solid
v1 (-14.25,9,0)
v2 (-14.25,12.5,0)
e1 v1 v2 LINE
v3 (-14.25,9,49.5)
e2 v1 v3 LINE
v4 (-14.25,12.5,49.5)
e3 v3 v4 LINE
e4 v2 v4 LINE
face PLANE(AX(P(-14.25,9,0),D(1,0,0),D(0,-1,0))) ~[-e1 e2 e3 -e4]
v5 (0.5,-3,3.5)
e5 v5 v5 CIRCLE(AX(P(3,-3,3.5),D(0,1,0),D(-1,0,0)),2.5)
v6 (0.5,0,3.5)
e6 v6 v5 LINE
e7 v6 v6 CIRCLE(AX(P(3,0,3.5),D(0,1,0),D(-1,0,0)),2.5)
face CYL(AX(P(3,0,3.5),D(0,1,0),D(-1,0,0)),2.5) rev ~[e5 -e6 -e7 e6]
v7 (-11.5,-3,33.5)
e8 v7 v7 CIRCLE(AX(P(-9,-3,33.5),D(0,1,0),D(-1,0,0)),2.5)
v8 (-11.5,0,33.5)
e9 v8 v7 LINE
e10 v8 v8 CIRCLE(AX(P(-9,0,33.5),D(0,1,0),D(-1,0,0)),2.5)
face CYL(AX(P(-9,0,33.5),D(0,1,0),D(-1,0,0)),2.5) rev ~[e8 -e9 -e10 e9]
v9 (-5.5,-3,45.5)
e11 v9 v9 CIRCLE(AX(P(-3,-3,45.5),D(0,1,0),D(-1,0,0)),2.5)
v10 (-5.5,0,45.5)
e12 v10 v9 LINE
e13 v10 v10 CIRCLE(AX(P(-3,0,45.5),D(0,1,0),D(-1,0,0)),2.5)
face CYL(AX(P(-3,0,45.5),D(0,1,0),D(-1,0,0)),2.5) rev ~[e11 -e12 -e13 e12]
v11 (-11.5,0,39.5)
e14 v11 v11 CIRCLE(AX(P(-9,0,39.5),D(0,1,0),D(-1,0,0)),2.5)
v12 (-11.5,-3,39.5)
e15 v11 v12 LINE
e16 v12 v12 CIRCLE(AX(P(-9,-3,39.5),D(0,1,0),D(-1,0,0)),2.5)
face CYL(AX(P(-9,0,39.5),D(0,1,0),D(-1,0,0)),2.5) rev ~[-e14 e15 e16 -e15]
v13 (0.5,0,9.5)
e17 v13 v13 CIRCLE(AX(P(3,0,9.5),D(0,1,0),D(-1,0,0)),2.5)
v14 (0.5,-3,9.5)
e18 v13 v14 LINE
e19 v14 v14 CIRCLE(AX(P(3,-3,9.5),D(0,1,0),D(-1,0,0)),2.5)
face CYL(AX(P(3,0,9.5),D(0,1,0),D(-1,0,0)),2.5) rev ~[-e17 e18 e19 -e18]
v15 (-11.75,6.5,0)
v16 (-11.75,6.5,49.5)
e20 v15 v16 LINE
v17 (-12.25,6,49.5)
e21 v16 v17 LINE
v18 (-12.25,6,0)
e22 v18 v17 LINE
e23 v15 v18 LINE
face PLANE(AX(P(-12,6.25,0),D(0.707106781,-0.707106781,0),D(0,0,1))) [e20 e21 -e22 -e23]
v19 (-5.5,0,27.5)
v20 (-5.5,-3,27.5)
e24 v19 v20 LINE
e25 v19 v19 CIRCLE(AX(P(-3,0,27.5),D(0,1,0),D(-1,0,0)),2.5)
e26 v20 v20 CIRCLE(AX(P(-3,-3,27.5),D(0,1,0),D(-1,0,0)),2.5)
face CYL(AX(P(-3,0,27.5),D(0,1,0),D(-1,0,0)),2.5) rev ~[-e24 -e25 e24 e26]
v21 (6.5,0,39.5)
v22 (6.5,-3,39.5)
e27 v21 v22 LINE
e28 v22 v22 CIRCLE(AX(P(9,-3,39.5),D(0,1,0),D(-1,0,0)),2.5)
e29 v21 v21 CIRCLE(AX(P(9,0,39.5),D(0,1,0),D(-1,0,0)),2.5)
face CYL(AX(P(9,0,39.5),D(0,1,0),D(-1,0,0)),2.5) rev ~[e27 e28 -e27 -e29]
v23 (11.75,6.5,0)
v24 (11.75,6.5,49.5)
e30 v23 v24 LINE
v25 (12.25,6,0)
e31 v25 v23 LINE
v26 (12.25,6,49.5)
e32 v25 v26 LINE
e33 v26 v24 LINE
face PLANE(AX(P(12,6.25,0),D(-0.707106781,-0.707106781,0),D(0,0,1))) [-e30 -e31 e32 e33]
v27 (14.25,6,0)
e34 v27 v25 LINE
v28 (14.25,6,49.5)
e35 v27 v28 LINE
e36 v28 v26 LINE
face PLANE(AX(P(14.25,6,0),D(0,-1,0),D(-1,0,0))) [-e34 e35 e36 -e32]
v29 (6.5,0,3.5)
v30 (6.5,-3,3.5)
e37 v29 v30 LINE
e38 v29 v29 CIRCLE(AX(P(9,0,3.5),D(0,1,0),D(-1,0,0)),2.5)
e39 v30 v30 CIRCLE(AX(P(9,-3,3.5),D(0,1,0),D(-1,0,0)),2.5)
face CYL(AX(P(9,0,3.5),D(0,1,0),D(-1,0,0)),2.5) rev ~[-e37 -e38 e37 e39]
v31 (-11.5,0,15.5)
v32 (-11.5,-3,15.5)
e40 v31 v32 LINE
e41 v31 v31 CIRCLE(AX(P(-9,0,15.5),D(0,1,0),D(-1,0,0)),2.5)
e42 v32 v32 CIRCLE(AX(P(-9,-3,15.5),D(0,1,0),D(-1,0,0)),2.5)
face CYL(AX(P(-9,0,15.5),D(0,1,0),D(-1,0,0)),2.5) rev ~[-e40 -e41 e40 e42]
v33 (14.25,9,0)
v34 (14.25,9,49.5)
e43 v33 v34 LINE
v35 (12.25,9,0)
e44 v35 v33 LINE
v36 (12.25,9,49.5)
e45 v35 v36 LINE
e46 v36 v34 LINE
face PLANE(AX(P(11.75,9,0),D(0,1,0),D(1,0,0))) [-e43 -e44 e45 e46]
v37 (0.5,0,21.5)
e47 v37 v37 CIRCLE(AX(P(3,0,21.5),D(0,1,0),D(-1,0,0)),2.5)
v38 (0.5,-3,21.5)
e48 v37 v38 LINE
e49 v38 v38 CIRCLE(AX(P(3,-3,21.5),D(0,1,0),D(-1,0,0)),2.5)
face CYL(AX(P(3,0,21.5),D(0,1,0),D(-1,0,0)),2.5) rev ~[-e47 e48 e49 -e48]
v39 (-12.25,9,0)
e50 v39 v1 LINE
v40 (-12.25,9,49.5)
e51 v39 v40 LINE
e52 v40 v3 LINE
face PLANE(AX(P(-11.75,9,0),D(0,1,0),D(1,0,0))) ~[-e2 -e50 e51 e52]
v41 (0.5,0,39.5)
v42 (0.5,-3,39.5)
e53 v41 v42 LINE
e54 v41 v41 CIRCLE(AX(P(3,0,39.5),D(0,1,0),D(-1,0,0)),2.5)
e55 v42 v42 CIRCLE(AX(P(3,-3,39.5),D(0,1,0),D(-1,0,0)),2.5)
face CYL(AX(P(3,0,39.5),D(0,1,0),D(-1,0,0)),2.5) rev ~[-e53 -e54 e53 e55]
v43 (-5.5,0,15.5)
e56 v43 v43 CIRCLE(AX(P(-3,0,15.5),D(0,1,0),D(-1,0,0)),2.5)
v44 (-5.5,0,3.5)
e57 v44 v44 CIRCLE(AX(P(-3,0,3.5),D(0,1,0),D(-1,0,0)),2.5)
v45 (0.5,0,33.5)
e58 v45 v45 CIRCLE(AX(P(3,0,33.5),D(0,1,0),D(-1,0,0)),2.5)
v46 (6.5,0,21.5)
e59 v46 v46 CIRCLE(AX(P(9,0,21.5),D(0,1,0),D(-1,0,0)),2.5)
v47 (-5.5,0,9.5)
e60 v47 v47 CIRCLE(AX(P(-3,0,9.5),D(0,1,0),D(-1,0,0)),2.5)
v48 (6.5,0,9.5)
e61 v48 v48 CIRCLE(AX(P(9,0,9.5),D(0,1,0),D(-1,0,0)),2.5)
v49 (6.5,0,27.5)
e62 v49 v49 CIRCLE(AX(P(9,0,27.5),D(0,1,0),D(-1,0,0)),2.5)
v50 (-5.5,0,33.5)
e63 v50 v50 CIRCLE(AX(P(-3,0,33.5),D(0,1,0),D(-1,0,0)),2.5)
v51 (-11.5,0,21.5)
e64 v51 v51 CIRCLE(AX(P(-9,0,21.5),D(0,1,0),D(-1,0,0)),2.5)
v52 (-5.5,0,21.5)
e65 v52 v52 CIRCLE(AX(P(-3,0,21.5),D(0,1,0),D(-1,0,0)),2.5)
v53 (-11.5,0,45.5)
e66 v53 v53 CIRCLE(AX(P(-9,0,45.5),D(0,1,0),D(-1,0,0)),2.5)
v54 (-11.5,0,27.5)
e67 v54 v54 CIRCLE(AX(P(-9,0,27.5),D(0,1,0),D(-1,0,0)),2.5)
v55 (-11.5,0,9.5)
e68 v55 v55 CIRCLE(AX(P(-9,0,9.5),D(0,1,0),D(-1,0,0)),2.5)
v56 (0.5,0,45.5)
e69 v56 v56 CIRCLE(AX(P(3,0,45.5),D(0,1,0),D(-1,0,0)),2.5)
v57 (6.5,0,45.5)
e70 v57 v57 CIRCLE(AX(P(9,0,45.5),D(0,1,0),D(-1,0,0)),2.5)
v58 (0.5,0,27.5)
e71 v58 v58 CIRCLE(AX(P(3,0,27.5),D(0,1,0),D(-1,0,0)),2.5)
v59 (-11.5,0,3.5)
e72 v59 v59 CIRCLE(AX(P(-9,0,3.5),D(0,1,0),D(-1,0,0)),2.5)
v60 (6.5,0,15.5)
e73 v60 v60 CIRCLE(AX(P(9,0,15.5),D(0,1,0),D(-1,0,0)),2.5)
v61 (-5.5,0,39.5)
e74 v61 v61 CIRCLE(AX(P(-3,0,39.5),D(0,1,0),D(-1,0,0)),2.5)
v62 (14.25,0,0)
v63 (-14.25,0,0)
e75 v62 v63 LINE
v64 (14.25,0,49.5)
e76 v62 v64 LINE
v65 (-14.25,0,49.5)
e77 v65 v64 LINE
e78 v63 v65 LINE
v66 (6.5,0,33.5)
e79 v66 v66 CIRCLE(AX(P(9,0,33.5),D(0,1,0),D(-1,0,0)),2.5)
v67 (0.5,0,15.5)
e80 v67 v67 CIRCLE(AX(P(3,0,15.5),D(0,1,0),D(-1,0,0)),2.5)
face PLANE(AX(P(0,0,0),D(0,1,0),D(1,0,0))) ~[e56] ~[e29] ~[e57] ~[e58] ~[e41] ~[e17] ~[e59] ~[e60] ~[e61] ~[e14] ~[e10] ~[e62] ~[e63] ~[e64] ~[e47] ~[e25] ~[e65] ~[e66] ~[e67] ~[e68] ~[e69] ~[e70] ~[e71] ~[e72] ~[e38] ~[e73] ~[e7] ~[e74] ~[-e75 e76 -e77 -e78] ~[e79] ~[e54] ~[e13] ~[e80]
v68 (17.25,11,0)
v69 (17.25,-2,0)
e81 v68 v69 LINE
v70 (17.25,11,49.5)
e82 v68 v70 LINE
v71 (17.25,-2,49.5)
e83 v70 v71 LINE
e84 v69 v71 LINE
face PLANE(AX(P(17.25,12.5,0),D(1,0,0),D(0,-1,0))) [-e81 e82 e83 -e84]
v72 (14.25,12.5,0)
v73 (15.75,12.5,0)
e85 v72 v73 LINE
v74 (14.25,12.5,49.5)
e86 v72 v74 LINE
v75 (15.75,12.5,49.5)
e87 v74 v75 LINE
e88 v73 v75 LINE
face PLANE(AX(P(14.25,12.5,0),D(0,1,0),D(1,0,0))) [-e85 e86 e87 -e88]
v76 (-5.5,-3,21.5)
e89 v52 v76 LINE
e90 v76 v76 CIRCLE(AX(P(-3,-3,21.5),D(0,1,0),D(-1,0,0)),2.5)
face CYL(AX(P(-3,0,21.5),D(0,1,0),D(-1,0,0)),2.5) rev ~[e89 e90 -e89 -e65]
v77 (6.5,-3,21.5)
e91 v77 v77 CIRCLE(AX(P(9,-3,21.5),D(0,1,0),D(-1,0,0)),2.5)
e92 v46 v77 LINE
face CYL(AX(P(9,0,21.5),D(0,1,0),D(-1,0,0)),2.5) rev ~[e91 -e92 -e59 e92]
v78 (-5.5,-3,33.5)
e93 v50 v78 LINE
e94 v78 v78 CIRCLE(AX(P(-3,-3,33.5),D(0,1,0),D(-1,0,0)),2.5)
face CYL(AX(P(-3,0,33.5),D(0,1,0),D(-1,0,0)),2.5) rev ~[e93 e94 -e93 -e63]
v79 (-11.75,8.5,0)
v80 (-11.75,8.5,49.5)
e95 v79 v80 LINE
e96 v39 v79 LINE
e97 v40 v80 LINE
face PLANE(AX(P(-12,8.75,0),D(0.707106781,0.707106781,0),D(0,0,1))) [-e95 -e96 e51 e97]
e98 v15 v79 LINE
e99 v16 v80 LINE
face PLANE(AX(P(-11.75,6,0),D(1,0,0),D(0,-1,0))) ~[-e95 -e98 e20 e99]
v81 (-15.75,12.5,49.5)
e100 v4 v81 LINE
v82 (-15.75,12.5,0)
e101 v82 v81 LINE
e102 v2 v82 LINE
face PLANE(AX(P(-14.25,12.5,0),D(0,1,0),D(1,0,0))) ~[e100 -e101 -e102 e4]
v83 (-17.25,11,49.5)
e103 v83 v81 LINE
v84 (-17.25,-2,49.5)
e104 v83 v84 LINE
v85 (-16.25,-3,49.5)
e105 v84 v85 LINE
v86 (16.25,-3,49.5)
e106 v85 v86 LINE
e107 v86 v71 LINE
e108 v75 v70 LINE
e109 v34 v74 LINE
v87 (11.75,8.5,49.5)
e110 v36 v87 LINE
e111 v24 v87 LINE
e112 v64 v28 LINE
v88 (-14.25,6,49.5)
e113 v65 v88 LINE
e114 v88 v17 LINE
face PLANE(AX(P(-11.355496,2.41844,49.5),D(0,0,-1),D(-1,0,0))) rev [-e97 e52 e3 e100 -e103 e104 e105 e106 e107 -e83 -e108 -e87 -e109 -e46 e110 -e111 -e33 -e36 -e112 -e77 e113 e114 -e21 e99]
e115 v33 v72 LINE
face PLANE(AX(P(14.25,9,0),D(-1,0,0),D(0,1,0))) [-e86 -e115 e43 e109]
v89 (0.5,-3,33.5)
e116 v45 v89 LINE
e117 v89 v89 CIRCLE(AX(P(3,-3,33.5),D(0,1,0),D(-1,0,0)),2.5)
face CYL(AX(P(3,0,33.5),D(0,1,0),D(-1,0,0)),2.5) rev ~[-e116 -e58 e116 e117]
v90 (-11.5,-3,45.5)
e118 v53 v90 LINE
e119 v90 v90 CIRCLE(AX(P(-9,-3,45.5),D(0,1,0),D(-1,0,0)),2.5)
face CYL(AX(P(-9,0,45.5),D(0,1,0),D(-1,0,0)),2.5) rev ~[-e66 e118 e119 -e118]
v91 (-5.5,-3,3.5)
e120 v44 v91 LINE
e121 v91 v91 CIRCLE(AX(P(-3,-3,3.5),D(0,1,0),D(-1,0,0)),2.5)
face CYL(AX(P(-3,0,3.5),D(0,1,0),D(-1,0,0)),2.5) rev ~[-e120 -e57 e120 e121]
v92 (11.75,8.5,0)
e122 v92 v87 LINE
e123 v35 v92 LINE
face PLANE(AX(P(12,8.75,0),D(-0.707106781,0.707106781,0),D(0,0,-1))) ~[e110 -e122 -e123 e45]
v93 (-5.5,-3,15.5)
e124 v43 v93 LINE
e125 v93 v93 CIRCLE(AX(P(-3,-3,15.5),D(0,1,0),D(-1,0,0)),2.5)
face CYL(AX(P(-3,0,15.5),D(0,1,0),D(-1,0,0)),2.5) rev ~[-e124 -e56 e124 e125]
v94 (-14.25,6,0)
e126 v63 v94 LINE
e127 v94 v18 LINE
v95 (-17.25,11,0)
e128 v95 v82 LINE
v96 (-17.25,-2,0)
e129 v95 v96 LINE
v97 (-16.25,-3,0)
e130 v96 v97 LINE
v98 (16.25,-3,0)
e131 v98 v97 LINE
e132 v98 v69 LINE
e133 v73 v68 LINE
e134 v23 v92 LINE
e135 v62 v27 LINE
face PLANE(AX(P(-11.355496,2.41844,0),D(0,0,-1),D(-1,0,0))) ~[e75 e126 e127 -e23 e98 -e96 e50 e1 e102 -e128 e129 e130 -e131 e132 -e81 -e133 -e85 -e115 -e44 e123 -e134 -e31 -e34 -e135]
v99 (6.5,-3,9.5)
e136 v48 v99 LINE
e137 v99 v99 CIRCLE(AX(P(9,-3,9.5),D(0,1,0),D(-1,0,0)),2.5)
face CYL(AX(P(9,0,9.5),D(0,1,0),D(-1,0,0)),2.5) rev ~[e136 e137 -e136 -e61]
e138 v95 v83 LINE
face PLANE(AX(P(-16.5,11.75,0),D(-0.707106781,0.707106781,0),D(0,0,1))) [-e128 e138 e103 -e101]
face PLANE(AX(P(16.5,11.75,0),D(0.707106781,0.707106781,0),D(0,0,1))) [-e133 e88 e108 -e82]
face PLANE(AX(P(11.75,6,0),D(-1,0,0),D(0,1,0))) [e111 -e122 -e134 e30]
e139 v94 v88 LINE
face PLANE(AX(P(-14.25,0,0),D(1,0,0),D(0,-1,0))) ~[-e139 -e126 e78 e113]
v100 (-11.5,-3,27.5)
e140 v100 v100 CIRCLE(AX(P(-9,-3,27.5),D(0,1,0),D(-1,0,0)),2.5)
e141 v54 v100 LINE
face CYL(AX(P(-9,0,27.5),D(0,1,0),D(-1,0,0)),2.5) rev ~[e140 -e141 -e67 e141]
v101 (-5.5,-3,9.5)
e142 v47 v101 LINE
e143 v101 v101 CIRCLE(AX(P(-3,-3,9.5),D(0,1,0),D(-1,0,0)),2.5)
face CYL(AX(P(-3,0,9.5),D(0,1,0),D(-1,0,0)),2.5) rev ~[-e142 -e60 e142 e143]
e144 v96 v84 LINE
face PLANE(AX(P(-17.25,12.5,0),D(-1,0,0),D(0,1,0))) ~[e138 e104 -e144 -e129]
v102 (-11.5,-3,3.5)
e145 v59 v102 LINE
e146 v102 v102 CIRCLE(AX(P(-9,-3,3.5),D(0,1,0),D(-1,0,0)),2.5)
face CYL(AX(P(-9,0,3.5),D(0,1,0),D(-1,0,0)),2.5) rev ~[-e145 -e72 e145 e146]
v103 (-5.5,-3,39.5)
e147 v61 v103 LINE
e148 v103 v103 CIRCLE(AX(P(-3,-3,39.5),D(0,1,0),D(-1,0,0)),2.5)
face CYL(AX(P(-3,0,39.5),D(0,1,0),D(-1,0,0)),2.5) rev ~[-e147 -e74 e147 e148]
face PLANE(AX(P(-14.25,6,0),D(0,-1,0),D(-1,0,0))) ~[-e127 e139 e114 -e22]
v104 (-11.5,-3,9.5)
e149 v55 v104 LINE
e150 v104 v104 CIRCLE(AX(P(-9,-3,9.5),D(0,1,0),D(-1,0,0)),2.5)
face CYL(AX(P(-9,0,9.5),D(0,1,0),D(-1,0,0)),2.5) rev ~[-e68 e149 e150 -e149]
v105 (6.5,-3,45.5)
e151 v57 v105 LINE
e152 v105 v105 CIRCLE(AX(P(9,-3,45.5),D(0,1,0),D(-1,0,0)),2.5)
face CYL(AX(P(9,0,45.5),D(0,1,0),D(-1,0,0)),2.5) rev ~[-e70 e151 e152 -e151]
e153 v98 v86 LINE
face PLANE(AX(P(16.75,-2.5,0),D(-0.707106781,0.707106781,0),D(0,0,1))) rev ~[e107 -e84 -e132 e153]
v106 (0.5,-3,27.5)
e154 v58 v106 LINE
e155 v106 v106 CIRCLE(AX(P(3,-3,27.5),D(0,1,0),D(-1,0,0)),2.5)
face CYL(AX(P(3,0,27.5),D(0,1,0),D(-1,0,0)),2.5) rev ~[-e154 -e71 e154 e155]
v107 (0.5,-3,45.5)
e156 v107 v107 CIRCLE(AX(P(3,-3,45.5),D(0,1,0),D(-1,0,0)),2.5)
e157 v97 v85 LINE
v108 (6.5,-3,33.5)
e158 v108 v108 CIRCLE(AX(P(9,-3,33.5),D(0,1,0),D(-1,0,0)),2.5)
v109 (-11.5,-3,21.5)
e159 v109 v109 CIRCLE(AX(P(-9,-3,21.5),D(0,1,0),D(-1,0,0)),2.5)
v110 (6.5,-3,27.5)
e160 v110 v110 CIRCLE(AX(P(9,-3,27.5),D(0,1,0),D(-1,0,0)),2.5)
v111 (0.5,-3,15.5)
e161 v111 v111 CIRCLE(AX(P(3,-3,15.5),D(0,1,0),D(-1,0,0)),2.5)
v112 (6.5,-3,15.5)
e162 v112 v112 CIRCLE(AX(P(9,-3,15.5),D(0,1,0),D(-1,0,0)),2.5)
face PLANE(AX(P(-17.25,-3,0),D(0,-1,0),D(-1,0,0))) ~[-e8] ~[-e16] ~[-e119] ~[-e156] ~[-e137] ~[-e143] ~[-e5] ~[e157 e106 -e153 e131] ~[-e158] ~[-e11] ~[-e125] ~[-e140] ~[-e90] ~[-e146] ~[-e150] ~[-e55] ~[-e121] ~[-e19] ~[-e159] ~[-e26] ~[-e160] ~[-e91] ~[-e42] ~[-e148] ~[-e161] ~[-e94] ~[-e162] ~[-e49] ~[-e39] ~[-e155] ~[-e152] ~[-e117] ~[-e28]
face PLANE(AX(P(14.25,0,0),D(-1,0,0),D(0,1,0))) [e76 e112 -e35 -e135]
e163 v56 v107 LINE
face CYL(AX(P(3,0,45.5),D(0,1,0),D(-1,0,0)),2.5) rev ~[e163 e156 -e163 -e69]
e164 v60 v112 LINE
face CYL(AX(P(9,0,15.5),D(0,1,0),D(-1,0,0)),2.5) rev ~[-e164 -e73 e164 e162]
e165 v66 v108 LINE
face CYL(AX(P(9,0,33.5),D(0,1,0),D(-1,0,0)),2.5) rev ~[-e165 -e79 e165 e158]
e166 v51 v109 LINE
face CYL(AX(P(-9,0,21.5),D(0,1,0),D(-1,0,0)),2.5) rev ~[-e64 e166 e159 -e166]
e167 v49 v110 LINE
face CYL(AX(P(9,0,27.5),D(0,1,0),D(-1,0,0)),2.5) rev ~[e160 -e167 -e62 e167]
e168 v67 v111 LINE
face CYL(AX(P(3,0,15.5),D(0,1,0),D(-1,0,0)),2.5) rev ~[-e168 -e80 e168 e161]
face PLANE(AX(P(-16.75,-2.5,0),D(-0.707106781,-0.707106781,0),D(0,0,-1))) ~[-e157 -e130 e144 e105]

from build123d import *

# Parameters (mm, degrees)
PAD_DEPTH       = 49.5
CHAMFER_SIZE    = 1.5
CHAMFER001_SIZE = 0.5
CHAMFER002_SIZE = 1
SKETCH001_R     = 2.5
POCKET_DEPTH    = 5


with BuildPart() as part:
    # Sketch → Pad (new body)
    with BuildSketch(Plane.XY):
        Polygon((0, 0), (14.25, 0), (14.25, 6), (11.75, 6), (11.75, 9), (14.25, 9), (14.25, 12.5), (17.25, 12.5), (17.25, -3), (0, -3), align=None)
    pad = extrude(amount=PAD_DEPTH)

    # Mirrored: Pad across Sketch V_Axis
    add(pad.mirror(Plane(origin=(0, 0, 0), x_dir=(0, 0, 1), z_dir=(1, 0, 0))))

    # Chamfer
    chamfer_edges = [part.edges().sort_by_distance(p)[0] for p in [
        (-17.25, 12.5, 24.75),
        (17.25, 12.5, 24.75),
    ]]
    chamfer(chamfer_edges, length=CHAMFER_SIZE)

    # Chamfer001
    chamfer001_edges = [part.edges().sort_by_distance(p)[0] for p in [
        (-11.75, 9, 24.75),
        (-11.75, 6, 24.75),
        (11.75, 9, 24.75),
        (11.75, 6, 24.75),
    ]]
    chamfer(chamfer001_edges, length=CHAMFER001_SIZE)

    # Chamfer002
    chamfer002_edges = [part.edges().sort_by_distance(p)[0] for p in [
        (-17.25, -3, 24.75),
        (17.25, -3, 24.75),
    ]]
    chamfer(chamfer002_edges, length=CHAMFER002_SIZE)

    # Sketch001 (on Face9 of Chamfer002) → Pocket (cut)
    with BuildSketch(Plane(origin=(0, 0, 0), x_dir=(-1, 0, 0), z_dir=(0, 1, 0))):
        with Locations((-9, 3.5)):
            Circle(SKETCH001_R)
        with Locations((-9, 9.5)):
            Circle(SKETCH001_R)
        with Locations((-9, 15.5)):
            Circle(SKETCH001_R)
        with Locations((-9, 21.5)):
            Circle(SKETCH001_R)
        with Locations((-9, 27.5)):
            Circle(SKETCH001_R)
        with Locations((-9, 33.5)):
            Circle(SKETCH001_R)
        with Locations((-9, 39.5)):
            Circle(SKETCH001_R)
        with Locations((-9, 45.5)):
            Circle(SKETCH001_R)
        with Locations((-3, 3.5)):
            Circle(SKETCH001_R)
        with Locations((-3, 9.5)):
            Circle(SKETCH001_R)
        with Locations((-3, 15.5)):
            Circle(SKETCH001_R)
        with Locations((-3, 21.5)):
            Circle(SKETCH001_R)
        with Locations((-3, 27.5)):
            Circle(SKETCH001_R)
        with Locations((-3, 33.5)):
            Circle(SKETCH001_R)
        with Locations((-3, 39.5)):
            Circle(SKETCH001_R)
        with Locations((-3, 45.5)):
            Circle(SKETCH001_R)
        with Locations((3, 3.5)):
            Circle(SKETCH001_R)
        with Locations((3, 9.5)):
            Circle(SKETCH001_R)
        with Locations((3, 15.5)):
            Circle(SKETCH001_R)
        with Locations((3, 21.5)):
            Circle(SKETCH001_R)
        with Locations((3, 27.5)):
            Circle(SKETCH001_R)
        with Locations((3, 33.5)):
            Circle(SKETCH001_R)
        with Locations((3, 39.5)):
            Circle(SKETCH001_R)
        with Locations((3, 45.5)):
            Circle(SKETCH001_R)
        with Locations((9, 3.5)):
            Circle(SKETCH001_R)
        with Locations((9, 9.5)):
            Circle(SKETCH001_R)
        with Locations((9, 15.5)):
            Circle(SKETCH001_R)
        with Locations((9, 21.5)):
            Circle(SKETCH001_R)
        with Locations((9, 27.5)):
            Circle(SKETCH001_R)
        with Locations((9, 33.5)):
            Circle(SKETCH001_R)
        with Locations((9, 39.5)):
            Circle(SKETCH001_R)
        with Locations((9, 45.5)):
            Circle(SKETCH001_R)
    extrude(amount=-POCKET_DEPTH, mode=Mode.SUBTRACT)


solid = part.part
